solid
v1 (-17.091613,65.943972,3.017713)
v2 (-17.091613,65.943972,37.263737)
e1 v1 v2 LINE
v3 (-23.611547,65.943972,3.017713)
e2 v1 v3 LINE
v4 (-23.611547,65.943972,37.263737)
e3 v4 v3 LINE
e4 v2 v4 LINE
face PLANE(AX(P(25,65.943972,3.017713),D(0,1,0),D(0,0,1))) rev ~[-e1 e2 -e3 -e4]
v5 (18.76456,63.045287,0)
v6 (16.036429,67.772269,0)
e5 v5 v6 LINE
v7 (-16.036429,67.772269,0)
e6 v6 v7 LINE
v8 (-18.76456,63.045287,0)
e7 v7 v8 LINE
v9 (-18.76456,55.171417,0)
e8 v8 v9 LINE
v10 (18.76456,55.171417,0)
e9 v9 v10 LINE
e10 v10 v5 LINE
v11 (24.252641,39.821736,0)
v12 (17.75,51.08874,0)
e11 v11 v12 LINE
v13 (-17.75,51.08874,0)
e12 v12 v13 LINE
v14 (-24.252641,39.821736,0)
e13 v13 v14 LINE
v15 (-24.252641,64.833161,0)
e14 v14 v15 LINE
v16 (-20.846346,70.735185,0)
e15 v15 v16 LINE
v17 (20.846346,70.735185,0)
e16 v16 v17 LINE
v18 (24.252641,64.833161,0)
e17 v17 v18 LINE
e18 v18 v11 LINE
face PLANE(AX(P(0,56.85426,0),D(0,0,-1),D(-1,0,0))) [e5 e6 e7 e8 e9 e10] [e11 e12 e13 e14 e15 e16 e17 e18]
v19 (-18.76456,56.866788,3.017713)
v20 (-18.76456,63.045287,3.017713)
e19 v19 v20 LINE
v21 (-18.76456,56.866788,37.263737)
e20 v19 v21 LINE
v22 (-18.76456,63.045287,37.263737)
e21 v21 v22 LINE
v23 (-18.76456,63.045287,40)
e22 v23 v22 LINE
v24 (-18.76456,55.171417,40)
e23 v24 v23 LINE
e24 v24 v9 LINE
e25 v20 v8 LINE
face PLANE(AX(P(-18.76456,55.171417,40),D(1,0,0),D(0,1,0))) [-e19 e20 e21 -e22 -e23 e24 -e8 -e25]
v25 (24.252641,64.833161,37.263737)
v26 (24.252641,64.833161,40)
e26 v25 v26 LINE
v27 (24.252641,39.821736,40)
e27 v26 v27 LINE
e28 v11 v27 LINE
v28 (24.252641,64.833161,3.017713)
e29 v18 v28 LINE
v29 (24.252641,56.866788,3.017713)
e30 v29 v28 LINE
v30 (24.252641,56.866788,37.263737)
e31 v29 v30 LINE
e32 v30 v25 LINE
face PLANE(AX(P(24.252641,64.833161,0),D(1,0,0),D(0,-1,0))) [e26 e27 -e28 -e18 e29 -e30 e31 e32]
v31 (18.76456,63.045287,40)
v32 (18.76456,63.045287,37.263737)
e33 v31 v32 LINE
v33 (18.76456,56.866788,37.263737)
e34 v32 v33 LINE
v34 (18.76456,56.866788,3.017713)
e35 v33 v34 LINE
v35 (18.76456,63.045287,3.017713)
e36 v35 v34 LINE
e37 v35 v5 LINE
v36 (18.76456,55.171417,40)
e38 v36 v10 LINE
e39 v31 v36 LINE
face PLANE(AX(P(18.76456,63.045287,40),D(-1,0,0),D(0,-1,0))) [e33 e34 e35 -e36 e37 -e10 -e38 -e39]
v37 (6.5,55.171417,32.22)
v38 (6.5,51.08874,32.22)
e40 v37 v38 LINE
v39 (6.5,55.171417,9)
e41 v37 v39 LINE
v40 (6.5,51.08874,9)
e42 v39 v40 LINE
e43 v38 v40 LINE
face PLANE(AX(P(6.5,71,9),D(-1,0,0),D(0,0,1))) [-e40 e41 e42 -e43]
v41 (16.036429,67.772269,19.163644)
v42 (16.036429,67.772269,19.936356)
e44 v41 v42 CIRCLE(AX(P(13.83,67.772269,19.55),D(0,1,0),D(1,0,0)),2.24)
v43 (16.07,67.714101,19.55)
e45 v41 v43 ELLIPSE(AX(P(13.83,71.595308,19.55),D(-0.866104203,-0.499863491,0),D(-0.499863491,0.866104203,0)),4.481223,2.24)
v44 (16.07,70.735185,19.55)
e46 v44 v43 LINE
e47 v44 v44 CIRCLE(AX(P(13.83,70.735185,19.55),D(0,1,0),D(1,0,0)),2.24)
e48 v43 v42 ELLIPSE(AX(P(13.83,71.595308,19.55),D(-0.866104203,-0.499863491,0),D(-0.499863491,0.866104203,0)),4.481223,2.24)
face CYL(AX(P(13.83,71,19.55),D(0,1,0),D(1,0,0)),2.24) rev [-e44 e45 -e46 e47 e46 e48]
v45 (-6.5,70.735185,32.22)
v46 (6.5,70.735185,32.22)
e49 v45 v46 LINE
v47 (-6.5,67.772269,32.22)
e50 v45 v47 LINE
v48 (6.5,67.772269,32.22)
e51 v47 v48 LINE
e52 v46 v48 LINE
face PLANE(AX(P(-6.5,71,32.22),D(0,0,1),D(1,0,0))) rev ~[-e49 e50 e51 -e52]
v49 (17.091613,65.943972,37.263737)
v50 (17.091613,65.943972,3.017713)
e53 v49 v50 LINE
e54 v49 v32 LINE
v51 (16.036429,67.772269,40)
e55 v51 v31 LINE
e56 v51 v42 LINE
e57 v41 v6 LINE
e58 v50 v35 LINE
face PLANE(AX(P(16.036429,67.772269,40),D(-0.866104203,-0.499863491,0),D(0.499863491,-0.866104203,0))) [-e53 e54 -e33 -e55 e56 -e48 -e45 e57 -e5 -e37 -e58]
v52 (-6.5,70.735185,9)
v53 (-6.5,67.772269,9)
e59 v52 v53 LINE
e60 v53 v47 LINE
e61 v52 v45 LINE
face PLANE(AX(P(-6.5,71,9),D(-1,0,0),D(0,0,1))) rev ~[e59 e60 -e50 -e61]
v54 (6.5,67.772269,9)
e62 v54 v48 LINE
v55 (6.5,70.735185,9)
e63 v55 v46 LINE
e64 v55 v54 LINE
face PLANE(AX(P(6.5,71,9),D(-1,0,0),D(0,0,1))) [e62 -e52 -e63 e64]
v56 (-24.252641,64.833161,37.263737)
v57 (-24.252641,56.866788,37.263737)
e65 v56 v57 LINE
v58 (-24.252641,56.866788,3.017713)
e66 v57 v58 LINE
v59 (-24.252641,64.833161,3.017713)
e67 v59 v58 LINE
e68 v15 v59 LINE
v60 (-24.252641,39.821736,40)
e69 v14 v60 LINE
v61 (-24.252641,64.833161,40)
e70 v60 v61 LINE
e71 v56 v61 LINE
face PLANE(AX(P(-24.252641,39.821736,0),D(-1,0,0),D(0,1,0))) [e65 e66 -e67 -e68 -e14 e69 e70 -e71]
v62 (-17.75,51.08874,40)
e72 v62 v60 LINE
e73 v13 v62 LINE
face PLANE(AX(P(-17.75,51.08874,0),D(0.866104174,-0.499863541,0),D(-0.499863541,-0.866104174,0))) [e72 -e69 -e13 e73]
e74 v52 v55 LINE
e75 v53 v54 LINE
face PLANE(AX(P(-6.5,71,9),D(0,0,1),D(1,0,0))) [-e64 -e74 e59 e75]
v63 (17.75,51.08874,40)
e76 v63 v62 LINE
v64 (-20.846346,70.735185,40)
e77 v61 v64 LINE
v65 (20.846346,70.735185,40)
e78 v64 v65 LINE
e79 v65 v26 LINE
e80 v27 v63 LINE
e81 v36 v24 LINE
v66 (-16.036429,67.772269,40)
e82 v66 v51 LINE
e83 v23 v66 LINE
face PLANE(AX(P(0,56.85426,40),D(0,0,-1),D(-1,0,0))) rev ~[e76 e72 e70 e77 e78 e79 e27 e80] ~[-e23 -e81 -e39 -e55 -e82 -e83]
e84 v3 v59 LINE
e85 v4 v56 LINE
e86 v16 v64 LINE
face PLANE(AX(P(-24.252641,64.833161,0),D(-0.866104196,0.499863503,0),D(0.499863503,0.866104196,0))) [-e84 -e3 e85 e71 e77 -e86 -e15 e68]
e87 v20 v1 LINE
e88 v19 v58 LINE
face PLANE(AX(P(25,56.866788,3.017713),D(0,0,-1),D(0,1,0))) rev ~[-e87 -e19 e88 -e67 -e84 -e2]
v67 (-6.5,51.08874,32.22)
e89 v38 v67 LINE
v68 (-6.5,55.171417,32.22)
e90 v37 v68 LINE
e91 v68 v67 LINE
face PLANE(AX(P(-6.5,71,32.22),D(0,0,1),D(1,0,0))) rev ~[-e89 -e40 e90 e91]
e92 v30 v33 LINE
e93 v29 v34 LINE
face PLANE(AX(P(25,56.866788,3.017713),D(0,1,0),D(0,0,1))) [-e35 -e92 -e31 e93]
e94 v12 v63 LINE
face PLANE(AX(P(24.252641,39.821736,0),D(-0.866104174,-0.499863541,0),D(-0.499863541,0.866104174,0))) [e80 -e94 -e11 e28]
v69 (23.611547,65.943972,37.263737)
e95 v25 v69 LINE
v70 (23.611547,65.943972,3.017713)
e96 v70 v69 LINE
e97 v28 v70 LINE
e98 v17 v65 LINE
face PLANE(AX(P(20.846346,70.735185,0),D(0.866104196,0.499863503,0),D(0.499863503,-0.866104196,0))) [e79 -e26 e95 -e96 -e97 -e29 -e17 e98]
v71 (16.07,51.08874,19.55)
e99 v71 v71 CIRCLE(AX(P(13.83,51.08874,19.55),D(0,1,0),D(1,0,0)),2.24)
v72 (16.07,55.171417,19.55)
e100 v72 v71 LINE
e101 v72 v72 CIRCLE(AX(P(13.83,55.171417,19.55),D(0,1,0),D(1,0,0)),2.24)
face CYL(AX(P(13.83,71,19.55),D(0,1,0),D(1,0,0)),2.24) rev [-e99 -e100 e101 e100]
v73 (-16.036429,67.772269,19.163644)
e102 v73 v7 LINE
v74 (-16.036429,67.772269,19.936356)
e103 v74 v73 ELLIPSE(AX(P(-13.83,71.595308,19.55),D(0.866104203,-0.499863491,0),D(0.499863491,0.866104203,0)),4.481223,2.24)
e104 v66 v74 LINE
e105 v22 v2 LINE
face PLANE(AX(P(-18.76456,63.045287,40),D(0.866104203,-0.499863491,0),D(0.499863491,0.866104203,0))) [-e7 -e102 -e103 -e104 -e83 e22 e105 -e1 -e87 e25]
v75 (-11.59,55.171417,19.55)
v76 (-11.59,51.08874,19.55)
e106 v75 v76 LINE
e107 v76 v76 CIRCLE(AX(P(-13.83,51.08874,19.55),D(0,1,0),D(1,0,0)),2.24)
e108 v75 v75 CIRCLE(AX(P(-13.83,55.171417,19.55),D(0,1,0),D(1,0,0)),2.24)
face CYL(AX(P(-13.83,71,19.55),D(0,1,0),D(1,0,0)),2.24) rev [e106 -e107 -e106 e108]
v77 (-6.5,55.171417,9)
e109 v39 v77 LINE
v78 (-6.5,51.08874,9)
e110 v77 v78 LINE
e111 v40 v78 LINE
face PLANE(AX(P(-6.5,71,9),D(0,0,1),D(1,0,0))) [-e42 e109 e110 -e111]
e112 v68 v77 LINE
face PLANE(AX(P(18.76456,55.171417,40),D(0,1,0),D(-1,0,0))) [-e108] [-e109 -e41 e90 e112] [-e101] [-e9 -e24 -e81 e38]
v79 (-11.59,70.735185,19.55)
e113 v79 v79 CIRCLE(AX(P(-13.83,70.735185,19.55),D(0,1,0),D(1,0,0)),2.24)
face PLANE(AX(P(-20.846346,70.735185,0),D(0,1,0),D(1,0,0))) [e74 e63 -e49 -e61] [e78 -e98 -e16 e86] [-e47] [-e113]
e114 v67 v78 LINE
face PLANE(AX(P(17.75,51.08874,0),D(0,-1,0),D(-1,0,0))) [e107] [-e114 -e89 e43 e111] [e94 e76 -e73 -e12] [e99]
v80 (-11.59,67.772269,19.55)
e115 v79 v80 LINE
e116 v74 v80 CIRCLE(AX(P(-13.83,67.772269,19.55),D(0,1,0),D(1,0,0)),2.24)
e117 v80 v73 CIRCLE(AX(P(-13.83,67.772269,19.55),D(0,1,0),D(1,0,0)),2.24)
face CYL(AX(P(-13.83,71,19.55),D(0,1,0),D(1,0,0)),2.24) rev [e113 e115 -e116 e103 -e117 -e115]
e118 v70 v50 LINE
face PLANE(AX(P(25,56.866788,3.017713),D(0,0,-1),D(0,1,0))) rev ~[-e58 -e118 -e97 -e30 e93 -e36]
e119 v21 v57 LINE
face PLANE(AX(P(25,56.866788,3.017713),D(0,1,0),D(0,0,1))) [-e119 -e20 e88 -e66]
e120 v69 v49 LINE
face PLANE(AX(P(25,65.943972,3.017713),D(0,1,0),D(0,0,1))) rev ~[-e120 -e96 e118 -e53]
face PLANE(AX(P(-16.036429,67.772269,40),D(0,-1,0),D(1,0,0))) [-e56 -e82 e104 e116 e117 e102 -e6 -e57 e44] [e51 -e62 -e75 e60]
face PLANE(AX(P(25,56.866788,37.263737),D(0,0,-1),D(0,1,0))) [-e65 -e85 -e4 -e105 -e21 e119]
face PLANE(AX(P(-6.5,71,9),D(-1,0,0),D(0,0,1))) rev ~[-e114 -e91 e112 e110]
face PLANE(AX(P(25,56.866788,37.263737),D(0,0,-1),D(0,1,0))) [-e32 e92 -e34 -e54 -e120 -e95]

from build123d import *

# Parameters (mm, degrees)
PAD017_DEPTH       = 40
SKETCH041_W        = 13
SKETCH041_H        = 23.22
POCKET003014_DEPTH = 31.179264
POCKET003015_DEPTH = 40.001
SKETCH043_W        = 9.077184
SKETCH043_H        = 34.246025
POCKET003016_DEPTH = 49.253641
SKETCH050_R        = 2.24
POCKET003019_DEPTH = 31.179264


with BuildPart() as part:
    # Sketch040 → Pad017 (new body)
    with BuildSketch(Plane.XY):
        Polygon((-20.846346, 70.735185), (20.846346, 70.735185), (24.252641, 64.833161), (24.252641, 39.821736), (17.75, 51.08874), (-17.75, 51.08874), (-24.252641, 39.821736), (-24.252641, 64.833161), align=None)
    extrude(amount=PAD017_DEPTH)

    # Sketch041 → Pocket003014 (cut, through all)
    with BuildSketch(Plane.XZ.offset(-71)):
        with Locations((0, 20.61)):
            Rectangle(SKETCH041_W, SKETCH041_H)
    extrude(amount=POCKET003014_DEPTH, mode=Mode.SUBTRACT)

    # Sketch042 → Pocket003015 (cut, through all)
    with BuildSketch(Plane.XY.offset(40)):
        Polygon((-16.036429, 67.772269), (16.036429, 67.772269), (18.76456, 63.045287), (18.76456, 55.171417), (-18.76456, 55.171417), (-18.76456, 63.045287), align=None)
    extrude(amount=-POCKET003015_DEPTH, mode=Mode.SUBTRACT)

    # Sketch043 → Pocket003016 (cut, through all)
    with BuildSketch(Plane.YZ.offset(25)):
        with Locations((61.40538, 20.140725)):
            Rectangle(SKETCH043_W, SKETCH043_H)
    extrude(amount=-POCKET003016_DEPTH, mode=Mode.SUBTRACT)

    # Sketch050 → Pocket003019 (cut, through all)
    with BuildSketch(Plane.XZ.offset(-71)):
        with Locations((-13.83, 19.55)):
            Circle(SKETCH050_R)
        with Locations((13.83, 19.55)):
            Circle(SKETCH050_R)
    extrude(amount=POCKET003019_DEPTH, mode=Mode.SUBTRACT)


solid = part.part
